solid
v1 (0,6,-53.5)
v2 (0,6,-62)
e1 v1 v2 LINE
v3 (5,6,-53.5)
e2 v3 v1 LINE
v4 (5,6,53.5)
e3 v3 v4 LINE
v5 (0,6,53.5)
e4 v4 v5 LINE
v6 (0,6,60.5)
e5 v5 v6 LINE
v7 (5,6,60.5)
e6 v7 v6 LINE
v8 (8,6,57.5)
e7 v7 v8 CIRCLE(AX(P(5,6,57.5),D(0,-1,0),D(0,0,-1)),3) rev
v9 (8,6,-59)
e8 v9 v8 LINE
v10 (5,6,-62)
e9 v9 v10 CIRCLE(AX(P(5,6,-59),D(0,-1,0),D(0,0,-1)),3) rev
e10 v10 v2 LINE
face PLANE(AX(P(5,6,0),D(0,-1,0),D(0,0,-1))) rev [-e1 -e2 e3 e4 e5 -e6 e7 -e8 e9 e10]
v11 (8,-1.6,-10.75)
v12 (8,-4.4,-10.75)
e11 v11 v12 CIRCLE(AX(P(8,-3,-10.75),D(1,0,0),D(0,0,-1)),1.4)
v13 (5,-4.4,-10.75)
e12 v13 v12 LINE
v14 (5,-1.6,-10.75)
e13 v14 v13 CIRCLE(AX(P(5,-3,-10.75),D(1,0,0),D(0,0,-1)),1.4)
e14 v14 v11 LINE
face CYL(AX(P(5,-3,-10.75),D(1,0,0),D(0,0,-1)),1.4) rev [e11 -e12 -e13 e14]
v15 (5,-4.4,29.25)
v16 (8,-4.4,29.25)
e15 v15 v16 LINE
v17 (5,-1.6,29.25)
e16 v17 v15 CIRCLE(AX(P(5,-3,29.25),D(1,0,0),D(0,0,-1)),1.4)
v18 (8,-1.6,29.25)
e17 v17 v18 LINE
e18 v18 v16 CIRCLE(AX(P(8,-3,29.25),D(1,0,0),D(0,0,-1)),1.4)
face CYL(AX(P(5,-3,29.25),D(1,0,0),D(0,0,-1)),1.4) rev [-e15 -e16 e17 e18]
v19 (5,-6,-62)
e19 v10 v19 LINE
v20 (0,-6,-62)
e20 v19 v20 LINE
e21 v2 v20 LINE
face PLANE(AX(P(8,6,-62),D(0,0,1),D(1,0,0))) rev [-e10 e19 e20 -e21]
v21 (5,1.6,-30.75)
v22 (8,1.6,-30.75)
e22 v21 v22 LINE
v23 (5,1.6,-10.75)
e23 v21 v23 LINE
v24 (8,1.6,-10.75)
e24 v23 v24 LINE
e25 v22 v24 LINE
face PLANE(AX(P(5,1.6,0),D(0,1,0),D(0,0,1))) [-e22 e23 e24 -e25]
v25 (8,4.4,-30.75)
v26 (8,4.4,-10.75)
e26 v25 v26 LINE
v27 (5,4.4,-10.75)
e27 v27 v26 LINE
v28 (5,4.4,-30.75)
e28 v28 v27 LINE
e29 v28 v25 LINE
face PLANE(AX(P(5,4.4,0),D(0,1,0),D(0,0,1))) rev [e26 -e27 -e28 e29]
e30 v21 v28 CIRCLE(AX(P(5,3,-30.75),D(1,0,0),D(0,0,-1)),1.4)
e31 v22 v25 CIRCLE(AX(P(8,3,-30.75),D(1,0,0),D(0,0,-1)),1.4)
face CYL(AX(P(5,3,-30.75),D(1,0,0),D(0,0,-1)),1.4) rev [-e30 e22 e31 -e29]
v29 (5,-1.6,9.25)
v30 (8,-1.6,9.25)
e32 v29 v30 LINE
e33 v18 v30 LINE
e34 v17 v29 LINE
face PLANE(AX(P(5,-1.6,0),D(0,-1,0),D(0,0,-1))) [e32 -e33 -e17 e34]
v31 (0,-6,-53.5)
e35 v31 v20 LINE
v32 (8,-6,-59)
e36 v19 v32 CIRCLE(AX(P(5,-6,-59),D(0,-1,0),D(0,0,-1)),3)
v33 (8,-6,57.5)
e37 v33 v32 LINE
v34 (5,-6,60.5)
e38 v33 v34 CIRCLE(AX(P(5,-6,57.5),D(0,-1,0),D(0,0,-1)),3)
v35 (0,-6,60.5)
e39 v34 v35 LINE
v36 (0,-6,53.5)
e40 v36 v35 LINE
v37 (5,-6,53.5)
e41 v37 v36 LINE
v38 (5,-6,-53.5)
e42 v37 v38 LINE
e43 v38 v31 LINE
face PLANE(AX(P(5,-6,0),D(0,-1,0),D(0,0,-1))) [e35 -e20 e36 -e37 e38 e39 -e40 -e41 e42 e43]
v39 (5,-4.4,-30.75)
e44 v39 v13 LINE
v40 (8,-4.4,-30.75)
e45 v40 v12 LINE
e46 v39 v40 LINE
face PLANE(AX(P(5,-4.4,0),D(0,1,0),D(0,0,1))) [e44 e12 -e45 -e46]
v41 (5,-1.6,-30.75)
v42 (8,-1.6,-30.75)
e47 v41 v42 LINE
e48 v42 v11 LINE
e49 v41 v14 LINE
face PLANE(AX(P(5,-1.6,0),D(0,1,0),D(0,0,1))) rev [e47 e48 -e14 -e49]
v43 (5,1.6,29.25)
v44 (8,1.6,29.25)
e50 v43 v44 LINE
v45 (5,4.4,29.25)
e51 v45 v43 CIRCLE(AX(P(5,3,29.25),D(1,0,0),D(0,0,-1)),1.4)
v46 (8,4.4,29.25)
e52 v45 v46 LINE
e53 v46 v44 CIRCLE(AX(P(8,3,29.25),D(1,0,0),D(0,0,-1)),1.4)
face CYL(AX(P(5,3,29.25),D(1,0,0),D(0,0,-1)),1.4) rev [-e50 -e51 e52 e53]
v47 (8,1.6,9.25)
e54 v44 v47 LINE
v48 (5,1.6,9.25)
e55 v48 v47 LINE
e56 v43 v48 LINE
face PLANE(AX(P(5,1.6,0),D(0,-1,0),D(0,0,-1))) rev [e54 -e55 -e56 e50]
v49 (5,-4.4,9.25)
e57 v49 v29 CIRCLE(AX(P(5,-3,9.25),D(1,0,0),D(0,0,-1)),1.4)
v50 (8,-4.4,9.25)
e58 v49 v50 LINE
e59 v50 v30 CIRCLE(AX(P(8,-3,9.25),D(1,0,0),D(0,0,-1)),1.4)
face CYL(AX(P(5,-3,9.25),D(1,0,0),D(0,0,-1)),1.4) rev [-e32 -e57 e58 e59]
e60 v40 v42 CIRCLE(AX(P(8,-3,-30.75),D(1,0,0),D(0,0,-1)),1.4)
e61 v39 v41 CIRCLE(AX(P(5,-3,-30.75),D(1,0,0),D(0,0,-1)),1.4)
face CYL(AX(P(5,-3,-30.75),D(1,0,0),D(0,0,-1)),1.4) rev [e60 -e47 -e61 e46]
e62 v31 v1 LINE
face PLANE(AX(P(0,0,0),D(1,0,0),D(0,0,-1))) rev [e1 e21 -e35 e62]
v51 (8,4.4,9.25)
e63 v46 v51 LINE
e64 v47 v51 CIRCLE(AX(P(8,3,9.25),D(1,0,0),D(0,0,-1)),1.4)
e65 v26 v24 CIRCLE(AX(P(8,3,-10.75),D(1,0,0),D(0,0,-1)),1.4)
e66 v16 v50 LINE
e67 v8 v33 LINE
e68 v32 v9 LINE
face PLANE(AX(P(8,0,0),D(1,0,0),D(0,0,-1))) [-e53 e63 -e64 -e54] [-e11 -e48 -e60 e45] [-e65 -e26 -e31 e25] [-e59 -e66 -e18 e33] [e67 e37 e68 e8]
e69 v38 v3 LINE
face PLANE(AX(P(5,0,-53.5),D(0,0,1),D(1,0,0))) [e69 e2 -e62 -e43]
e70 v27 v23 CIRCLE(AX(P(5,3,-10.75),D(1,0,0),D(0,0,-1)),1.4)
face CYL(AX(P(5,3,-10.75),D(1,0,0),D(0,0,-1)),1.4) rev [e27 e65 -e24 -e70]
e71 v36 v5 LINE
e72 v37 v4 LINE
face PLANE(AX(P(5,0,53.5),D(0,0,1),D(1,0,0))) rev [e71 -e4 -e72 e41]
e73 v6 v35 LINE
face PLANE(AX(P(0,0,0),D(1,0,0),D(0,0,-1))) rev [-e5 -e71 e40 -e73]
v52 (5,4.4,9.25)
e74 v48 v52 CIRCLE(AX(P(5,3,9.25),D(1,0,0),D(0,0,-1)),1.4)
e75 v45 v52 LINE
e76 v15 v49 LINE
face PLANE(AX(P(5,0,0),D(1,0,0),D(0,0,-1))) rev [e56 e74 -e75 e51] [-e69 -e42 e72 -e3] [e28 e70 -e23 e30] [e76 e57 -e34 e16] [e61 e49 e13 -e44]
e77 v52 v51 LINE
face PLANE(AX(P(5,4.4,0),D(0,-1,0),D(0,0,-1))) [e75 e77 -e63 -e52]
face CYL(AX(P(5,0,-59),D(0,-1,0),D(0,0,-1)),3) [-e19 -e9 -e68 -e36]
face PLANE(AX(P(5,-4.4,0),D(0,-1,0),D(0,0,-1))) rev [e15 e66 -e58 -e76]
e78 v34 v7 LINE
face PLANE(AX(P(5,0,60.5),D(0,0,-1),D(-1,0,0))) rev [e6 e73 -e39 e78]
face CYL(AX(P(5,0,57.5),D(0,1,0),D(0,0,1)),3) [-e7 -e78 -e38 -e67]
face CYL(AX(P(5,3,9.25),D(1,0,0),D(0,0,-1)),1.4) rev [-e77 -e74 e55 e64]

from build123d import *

# Parameters (mm, degrees)
SKETCH1_W             = 7
SKETCH1_H             = 12
BOSS_EXTRUDE1_DEPTH   = 5
SKETCH1_W_2           = 8.5
BOSS_EXTRUDE1_2_DEPTH = 5
SKETCH3_W             = 122.5
SKETCH3_H             = 12
BOSS_EXTRUDE2_DEPTH   = 3
SKETCH4_R             = 1.4
CUT_EXTRUDE1_DEPTH    = 3
FILLET1_R             = 3


with BuildPart() as part:
    # Sketch1 → Boss-Extrude1 (new body)
    with BuildSketch(Plane(origin=(0, 0, 0), x_dir=(0, 0, -1), z_dir=(1, 0, 0))):
        with Locations((-57, 0)):
            Rectangle(SKETCH1_W, SKETCH1_H)
    extrude(amount=BOSS_EXTRUDE1_DEPTH)



with BuildPart() as body_2:
    # Sketch1 → Boss-Extrude1 2 (new body)
    with BuildSketch(Plane(origin=(0, 0, 0), x_dir=(0, 0, -1), z_dir=(1, 0, 0))):
        with Locations((57.75, 0)):
            Rectangle(SKETCH1_W_2, SKETCH1_H)
    extrude(amount=BOSS_EXTRUDE1_2_DEPTH)


with BuildPart() as part_1:
    add(part.part)

    add(body_2.part)  # Boss-Extrude2 merges body 2
    # Sketch3 → Boss-Extrude2 (add)
    with BuildSketch(Plane(origin=(5, 0, 0), x_dir=(0, 0, -1), z_dir=(1, 0, 0))):
        with Locations((0.75, 0)):
            Rectangle(SKETCH3_W, SKETCH3_H)
    extrude(amount=BOSS_EXTRUDE2_DEPTH)

    # Sketch4 → Cut-Extrude1 (cut)
    with BuildSketch(Plane(origin=(8, 0, 0), x_dir=(0, 0, -1), z_dir=(1, 0, 0))):
        with BuildLine():
            Line((-19.25, 4.4), (-29.25, 4.4))
            ThreePointArc((-29.25, 4.4), (-30.65, 3), (-29.25, 1.6))
            Line((-29.25, 1.6), (-19.25, 1.6))
            ThreePointArc((-19.25, 1.6), (-20.65, 3), (-19.25, 4.4))
        make_face()
        with Locations((-19.25, 3)):
            Circle(SKETCH4_R)
        with BuildLine():
            Line((-9.25, 4.4), (-19.25, 4.4))
            ThreePointArc((-19.25, 4.4), (-18.260050506, 3.989949494), (-17.85, 3))
            ThreePointArc((-17.85, 3), (-18.260050506, 2.010050506), (-19.25, 1.6))
            Line((-19.25, 1.6), (-9.25, 1.6))
            ThreePointArc((-9.25, 1.6), (-7.85, 3), (-9.25, 4.4))
        make_face()
        with BuildLine():
            Line((-9.25, -1.6), (-19.250000006, -1.6))
            ThreePointArc((-19.250000006, -1.6), (-18.260050509, -2.010050504), (-17.85, -3))
            ThreePointArc((-17.85, -3), (-18.260050506, -3.989949494), (-19.25, -4.4))
            Line((-19.25, -4.4), (-9.25, -4.4))
            ThreePointArc((-9.25, -4.4), (-7.85, -3), (-9.25, -1.6))
        make_face()
        with Locations((-19.25, -3)):
            Circle(SKETCH4_R)
        with BuildLine():
            Line((-19.250000006, -1.6), (-29.25, -1.6))
            ThreePointArc((-29.25, -1.6), (-30.65, -3), (-29.25, -4.4))
            Line((-29.25, -4.4), (-19.25, -4.4))
            ThreePointArc((-19.25, -4.4), (-20.65, -3.000000003), (-19.250000006, -1.6))
        make_face()
        with BuildLine():
            Line((10.75, -4.4), (20.75, -4.4))
            ThreePointArc((20.75, -4.4), (19.35, -3), (20.75, -1.6))
            Line((20.75, -1.6), (10.75, -1.6))
            ThreePointArc((10.75, -1.6), (9.35, -3), (10.75, -4.4))
        make_face()
        with BuildLine():
            Line((10.75, 1.6), (20.75, 1.6))
            ThreePointArc((20.75, 1.6), (19.35, 2.999999987), (20.749999974, 4.4))
            Line((20.749999974, 4.4), (10.75, 4.4))
            ThreePointArc((10.75, 4.4), (9.35, 3), (10.75, 1.6))
        make_face()
        with Locations((20.75, 3)):
            Circle(SKETCH4_R)
        with BuildLine():
            Line((20.75, 1.6), (30.75, 1.6))
            ThreePointArc((30.75, 1.6), (32.15, 3), (30.75, 4.4))
            Line((30.75, 4.4), (20.749999974, 4.4))
            ThreePointArc((20.749999974, 4.4), (21.739949484, 3.989949503), (22.15, 3))
            ThreePointArc((22.15, 3), (21.739949494, 2.010050506), (20.75, 1.6))
        make_face()
        with BuildLine():
            Line((20.75, -4.4), (30.75, -4.4))
            ThreePointArc((30.75, -4.4), (32.15, -3), (30.75, -1.6))
            Line((30.75, -1.6), (20.75, -1.6))
            ThreePointArc((20.75, -1.6), (21.739949494, -2.010050506), (22.15, -3))
            ThreePointArc((22.15, -3), (21.739949494, -3.989949494), (20.75, -4.4))
        make_face()
        with Locations((20.75, -3)):
            Circle(SKETCH4_R)
    extrude(amount=-CUT_EXTRUDE1_DEPTH, mode=Mode.SUBTRACT)

    # Fillet1
    fillet1_edges = [part_1.edges().sort_by_distance(p)[0] for p in [
        (8, 0, 60.5),
        (8, 0, -62),
    ]]
    fillet(fillet1_edges, radius=FILLET1_R)


solid = part_1.part
